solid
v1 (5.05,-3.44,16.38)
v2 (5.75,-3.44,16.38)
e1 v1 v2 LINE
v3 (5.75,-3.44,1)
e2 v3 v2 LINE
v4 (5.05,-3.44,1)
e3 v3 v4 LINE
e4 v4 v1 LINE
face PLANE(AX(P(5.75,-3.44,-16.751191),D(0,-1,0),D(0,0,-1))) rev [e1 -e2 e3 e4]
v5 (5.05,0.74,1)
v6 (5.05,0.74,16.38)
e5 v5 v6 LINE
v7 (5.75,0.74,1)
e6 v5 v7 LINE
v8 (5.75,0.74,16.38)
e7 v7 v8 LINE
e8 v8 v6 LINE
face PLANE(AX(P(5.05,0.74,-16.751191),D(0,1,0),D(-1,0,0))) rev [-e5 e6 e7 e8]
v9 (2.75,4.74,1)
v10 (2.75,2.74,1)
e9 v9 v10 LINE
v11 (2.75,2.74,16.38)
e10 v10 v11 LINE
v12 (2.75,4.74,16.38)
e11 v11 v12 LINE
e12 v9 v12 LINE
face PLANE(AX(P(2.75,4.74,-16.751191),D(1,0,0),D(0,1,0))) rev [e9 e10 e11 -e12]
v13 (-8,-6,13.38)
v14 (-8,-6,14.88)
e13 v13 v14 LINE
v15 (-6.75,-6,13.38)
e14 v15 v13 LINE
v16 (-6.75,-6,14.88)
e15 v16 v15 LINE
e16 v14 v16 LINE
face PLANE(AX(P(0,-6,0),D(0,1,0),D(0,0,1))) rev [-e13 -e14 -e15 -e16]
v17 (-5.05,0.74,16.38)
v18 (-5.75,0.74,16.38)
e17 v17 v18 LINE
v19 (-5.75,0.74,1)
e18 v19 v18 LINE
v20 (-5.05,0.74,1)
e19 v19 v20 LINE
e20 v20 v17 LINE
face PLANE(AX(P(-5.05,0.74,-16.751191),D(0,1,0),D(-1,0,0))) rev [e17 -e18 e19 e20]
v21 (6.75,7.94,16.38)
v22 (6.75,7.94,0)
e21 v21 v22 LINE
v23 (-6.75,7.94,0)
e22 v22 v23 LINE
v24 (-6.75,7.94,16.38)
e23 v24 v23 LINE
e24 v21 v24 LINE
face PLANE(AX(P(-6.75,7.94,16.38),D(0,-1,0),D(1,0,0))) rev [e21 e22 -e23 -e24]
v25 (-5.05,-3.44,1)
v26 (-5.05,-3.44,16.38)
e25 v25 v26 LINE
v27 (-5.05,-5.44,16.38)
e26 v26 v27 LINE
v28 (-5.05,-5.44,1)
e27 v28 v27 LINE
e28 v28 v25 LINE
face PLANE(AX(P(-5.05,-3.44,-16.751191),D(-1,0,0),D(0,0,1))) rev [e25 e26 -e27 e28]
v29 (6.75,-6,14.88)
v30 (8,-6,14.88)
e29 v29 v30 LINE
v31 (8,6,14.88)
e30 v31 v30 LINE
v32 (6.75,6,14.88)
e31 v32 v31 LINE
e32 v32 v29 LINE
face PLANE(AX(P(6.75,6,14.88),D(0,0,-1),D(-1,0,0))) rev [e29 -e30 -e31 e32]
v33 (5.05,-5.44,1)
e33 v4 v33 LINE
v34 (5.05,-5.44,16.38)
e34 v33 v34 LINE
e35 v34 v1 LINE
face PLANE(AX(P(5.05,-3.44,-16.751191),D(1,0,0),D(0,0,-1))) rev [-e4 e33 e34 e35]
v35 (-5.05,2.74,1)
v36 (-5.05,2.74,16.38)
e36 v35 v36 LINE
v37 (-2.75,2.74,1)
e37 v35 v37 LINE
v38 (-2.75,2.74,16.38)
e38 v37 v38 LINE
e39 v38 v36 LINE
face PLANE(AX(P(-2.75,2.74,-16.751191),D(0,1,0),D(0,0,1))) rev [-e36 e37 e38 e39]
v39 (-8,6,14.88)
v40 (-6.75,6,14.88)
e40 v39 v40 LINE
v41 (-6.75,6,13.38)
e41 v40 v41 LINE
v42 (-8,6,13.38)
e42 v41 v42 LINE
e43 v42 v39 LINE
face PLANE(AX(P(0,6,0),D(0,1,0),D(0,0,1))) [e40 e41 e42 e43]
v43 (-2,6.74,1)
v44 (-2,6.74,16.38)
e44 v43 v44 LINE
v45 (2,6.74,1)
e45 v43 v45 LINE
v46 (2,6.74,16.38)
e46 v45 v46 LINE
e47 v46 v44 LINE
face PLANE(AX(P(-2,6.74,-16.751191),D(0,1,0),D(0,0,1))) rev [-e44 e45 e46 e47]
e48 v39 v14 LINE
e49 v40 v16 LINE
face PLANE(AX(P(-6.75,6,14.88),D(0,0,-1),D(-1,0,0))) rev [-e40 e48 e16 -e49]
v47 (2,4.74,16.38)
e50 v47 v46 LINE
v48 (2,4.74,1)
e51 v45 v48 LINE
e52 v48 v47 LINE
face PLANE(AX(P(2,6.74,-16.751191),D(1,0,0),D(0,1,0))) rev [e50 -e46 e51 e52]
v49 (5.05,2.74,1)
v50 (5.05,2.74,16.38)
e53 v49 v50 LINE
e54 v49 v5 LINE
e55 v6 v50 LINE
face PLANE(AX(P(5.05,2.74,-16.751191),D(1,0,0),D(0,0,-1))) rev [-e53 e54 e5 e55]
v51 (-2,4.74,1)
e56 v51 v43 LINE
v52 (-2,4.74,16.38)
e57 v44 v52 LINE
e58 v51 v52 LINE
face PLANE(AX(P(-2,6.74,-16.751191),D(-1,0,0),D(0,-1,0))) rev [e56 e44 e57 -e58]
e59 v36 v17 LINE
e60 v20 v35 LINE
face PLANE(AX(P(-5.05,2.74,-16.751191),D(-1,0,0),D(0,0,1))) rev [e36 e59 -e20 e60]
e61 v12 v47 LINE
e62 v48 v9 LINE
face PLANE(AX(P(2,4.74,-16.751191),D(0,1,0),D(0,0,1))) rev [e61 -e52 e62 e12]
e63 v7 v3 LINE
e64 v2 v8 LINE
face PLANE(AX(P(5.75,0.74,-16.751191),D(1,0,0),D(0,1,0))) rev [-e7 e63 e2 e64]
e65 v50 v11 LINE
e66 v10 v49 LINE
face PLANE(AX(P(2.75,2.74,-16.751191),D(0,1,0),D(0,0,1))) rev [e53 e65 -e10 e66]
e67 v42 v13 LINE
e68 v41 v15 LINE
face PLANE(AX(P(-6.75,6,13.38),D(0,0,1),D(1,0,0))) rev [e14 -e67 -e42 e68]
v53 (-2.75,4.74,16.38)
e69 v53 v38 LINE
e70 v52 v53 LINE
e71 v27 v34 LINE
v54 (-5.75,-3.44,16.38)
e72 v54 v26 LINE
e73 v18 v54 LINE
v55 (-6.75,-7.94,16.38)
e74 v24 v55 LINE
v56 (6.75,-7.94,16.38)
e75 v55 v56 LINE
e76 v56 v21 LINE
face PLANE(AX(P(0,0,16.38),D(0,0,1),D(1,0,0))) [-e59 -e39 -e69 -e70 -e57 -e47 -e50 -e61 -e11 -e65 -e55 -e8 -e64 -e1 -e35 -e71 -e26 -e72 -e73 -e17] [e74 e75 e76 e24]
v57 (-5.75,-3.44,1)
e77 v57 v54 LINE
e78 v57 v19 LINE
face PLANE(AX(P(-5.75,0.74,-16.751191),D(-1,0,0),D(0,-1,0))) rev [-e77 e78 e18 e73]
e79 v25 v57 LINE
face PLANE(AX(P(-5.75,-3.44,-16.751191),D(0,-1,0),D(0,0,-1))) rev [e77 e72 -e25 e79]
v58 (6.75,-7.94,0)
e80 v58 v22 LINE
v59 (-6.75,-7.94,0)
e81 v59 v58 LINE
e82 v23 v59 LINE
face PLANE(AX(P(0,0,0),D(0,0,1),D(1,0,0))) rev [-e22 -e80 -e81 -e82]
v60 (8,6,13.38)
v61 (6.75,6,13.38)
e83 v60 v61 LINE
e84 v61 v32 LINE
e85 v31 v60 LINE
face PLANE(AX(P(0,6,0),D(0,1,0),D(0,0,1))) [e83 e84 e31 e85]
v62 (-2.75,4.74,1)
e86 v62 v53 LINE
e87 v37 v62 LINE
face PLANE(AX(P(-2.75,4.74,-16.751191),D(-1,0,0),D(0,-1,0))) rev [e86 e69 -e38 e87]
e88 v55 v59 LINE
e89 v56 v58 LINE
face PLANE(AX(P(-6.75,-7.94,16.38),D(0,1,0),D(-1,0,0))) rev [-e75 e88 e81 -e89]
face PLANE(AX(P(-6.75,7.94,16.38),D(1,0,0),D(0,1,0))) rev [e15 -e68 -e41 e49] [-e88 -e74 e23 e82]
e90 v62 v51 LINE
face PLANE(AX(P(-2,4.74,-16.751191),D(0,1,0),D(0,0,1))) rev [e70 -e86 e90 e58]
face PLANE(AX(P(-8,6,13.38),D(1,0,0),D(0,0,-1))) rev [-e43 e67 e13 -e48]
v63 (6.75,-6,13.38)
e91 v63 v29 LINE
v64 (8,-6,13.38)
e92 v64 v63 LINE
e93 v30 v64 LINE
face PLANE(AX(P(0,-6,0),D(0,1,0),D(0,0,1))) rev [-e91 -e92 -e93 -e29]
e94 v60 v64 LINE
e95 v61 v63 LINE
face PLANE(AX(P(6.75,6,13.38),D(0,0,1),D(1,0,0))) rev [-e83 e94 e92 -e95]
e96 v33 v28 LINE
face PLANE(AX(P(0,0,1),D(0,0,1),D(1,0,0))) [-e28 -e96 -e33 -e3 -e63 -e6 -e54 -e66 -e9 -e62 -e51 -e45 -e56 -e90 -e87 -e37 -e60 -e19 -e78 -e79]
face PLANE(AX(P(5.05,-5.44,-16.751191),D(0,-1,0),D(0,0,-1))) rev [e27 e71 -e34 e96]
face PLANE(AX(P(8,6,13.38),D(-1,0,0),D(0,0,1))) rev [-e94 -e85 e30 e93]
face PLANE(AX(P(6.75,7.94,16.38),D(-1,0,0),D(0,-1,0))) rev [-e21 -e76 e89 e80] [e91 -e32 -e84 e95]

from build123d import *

# Parameters (mm, degrees)
SKETCH1_W           = 13.5
SKETCH1_H           = 15.88
BOSS_EXTRUDE1_DEPTH = 16.38
CUT_EXTRUDE1_DEPTH  = 15.38
SKETCH3_W           = 1.25
SKETCH3_H           = 1.5
BOSS_EXTRUDE2_DEPTH = 6


with BuildPart() as part:
    # Sketch1 → Boss-Extrude1 (new body)
    with BuildSketch(Plane.XY):
        Rectangle(SKETCH1_W, SKETCH1_H)
    extrude(amount=BOSS_EXTRUDE1_DEPTH)

    # Sketch2 → Cut-Extrude1 (cut)
    with BuildSketch(Plane.XY.offset(16.38)):
        Polygon((-2, 6.74), (2, 6.74), (2, 4.74), (2.75, 4.74), (2.75, 2.74), (5.05, 2.74), (5.05, 0.74), (5.75, 0.74), (5.75, -3.44), (5.05, -3.44), (5.05, -5.44), (-5.05, -5.44), (-5.05, -3.44), (-5.75, -3.44), (-5.75, 0.74), (-5.05, 0.74), (-5.05, 2.74), (-2.75, 2.74), (-2.75, 4.74), (-2, 4.74), align=None)
    extrude(amount=-CUT_EXTRUDE1_DEPTH, mode=Mode.SUBTRACT)

    # Sketch3 → Boss-Extrude2 (add, symmetric)
    with BuildSketch(Plane(origin=(0, 0, 0), x_dir=(1, 0, 0), z_dir=(0, 1, 0))):
        with Locations((7.375, -14.13)):
            Rectangle(SKETCH3_W, SKETCH3_H)
        with Locations((-7.375, -14.13)):
            Rectangle(SKETCH3_W, SKETCH3_H)
    extrude(amount=BOSS_EXTRUDE2_DEPTH, both=True)


solid = part.part
